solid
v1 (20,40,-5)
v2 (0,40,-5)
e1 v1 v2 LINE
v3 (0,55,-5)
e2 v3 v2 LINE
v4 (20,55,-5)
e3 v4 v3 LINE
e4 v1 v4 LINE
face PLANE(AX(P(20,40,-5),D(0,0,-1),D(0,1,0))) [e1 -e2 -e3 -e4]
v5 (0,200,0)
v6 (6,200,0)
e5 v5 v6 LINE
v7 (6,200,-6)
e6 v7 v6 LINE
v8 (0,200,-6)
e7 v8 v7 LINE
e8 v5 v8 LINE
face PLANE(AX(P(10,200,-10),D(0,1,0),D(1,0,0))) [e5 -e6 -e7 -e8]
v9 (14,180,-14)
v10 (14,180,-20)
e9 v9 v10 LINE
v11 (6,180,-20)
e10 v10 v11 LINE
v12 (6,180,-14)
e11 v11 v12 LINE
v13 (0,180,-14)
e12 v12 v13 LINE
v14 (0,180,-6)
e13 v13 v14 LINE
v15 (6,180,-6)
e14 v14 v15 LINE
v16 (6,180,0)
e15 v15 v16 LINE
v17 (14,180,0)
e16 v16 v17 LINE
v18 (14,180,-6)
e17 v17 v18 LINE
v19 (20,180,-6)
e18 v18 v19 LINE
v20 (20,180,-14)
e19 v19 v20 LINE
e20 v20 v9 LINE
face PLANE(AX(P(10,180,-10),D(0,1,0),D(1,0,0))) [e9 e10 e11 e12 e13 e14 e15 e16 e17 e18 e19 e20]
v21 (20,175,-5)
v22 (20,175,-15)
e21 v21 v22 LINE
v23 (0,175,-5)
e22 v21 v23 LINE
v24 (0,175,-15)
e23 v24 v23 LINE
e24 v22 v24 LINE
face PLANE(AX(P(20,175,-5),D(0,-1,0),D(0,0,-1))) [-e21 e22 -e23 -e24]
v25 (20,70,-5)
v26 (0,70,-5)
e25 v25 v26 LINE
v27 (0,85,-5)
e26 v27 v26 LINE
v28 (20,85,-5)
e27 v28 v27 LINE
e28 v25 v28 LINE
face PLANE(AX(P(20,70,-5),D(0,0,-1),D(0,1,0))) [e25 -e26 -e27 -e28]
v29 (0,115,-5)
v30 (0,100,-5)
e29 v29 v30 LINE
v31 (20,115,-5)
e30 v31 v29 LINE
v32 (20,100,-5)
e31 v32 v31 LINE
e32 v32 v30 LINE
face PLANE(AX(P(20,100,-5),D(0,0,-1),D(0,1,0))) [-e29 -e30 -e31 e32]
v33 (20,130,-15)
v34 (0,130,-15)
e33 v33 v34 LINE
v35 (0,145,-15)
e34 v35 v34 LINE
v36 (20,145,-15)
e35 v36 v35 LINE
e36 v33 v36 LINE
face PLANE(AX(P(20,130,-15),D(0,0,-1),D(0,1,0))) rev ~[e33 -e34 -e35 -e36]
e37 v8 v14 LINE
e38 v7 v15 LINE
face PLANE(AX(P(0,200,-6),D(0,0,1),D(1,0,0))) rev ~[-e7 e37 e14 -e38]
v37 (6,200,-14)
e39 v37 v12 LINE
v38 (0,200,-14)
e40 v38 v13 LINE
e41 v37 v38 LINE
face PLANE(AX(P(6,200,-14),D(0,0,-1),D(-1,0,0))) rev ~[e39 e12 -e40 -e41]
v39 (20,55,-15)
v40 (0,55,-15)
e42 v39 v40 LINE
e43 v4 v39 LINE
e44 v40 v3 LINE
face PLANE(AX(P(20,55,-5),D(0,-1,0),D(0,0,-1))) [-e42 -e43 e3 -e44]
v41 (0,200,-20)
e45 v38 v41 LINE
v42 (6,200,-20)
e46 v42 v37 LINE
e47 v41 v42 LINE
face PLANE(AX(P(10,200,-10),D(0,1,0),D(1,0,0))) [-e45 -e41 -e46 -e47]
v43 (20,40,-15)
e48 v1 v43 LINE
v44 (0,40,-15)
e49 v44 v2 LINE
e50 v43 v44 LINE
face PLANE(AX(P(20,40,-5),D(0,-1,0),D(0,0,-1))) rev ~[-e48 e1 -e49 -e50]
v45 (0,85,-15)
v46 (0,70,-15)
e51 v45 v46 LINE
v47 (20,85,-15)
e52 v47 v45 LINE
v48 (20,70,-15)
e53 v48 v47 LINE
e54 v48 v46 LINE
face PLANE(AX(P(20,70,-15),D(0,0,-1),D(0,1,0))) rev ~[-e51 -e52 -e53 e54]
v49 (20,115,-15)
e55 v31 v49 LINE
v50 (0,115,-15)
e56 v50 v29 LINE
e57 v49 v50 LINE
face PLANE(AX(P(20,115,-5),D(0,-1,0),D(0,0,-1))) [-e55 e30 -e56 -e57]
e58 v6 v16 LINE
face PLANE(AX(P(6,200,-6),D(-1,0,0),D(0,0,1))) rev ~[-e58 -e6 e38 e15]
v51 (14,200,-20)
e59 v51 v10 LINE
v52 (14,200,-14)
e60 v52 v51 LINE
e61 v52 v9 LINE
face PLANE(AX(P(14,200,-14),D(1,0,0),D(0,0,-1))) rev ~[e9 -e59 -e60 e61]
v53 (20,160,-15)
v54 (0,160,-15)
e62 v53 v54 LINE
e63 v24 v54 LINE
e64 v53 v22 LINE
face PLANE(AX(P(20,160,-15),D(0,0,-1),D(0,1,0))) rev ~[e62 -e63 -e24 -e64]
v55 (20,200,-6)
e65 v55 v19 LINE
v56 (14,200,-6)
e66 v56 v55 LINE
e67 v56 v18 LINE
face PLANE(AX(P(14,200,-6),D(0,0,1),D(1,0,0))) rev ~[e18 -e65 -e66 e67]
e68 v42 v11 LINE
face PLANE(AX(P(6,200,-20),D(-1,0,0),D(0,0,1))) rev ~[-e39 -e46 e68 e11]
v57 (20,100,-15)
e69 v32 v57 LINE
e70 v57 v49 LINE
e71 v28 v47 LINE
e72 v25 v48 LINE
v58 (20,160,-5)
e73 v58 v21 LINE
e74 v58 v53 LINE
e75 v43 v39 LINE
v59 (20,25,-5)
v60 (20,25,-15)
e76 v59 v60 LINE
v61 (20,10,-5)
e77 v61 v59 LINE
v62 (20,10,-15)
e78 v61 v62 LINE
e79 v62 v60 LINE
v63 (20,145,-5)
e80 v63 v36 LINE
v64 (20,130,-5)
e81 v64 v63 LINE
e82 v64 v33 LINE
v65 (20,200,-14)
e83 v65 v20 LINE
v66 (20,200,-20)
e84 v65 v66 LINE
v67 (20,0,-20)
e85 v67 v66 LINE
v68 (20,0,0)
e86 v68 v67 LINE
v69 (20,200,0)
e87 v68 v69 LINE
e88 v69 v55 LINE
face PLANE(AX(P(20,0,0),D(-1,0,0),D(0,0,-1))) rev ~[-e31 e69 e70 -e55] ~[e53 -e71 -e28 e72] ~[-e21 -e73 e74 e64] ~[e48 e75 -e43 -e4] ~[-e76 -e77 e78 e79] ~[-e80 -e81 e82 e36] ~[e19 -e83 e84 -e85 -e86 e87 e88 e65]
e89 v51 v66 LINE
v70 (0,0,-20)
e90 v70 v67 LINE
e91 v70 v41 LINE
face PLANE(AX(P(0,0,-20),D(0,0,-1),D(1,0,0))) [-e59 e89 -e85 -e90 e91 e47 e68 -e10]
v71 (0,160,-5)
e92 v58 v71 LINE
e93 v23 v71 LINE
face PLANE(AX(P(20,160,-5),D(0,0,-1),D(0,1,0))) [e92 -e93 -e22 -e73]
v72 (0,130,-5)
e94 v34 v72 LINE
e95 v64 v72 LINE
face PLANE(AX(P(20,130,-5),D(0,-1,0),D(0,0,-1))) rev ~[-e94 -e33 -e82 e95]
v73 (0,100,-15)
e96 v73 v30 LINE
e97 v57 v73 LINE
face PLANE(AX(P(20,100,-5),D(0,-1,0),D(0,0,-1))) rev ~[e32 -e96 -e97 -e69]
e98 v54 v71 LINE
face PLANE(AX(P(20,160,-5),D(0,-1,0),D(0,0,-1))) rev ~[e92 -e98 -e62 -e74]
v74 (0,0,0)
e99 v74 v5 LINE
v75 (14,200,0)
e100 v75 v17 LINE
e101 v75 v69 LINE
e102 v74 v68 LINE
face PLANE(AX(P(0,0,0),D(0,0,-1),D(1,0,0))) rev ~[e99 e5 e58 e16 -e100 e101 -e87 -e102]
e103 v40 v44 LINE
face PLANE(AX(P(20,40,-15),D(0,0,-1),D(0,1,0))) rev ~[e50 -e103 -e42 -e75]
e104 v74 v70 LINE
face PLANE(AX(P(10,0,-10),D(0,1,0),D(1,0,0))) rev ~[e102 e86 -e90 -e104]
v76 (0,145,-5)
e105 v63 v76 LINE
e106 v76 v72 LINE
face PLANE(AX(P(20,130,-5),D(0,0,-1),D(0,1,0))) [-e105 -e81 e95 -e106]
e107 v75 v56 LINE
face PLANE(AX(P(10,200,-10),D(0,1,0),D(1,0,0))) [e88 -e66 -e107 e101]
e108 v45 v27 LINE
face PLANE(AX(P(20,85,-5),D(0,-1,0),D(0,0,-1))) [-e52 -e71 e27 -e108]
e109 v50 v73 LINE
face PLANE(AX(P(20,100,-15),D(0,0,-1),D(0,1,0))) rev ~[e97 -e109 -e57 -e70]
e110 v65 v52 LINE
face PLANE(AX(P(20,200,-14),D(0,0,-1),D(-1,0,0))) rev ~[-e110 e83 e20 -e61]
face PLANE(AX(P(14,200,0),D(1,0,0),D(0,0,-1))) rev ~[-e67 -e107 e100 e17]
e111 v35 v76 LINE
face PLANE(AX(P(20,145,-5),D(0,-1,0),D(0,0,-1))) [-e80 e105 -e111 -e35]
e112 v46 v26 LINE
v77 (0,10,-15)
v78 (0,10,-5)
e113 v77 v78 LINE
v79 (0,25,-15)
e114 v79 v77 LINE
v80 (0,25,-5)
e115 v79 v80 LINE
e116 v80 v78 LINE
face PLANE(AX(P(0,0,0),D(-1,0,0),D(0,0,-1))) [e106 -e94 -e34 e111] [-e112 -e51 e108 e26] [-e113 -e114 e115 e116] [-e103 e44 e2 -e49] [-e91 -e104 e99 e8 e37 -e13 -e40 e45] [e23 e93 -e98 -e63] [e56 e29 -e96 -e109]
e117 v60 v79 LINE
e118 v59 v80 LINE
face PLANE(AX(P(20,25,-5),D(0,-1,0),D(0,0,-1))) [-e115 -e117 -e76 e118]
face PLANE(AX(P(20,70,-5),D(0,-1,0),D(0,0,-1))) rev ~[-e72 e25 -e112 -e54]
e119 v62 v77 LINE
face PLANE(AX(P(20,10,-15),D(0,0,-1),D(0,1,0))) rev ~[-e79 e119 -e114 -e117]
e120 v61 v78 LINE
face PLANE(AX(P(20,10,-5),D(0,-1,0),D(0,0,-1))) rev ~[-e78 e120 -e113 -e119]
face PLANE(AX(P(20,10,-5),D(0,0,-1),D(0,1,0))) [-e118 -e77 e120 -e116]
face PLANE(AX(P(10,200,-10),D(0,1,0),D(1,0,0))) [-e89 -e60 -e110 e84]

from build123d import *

# Parameters (mm, degrees)
SKETCH4_W           = 20
SKETCH4_H           = 20
BOSS_EXTRUDE2_DEPTH = 200
CUT_EXTRUDE3_DEPTH  = 20
SKETCH6_W           = 10
SKETCH6_H           = 15
CUT_EXTRUDE5_DEPTH  = 21


with BuildPart() as part:
    # Sketch4 → Boss-Extrude2 (new body)
    with BuildSketch(Plane(origin=(0, 0, 0), x_dir=(1, 0, 0), z_dir=(0, 1, 0))):
        with Locations((10, 10)):
            Rectangle(SKETCH4_W, SKETCH4_H)
    extrude(amount=BOSS_EXTRUDE2_DEPTH)

    # Sketch5 → Cut-Extrude3 (cut)
    with BuildSketch(Plane(origin=(0, 200, 0), x_dir=(1, 0, 0), z_dir=(0, 1, 0))):
        Polygon((14, 20), (6, 20), (6, 14), (0, 14), (0, 6), (6, 6), (6, 0), (14, 0), (14, 6), (20, 6), (20, 14), (14, 14), align=None)
    extrude(amount=-CUT_EXTRUDE3_DEPTH, mode=Mode.SUBTRACT)

    # Sketch6 → Cut-Extrude5 (cut, through all)
    with BuildSketch(Plane(origin=(20, 0, 0), x_dir=(0, 0, -1), z_dir=(1, 0, 0))):
        with Locations((10, 17.5)):
            Rectangle(SKETCH6_W, SKETCH6_H)
        with Locations((10, 47.5)):
            Rectangle(SKETCH6_W, SKETCH6_H)
        with Locations((10, 77.5)):
            Rectangle(SKETCH6_W, SKETCH6_H)
        with Locations((10, 107.5)):
            Rectangle(SKETCH6_W, SKETCH6_H)
        with Locations((10, 137.5)):
            Rectangle(SKETCH6_W, SKETCH6_H)
        with Locations((10, 167.5)):
            Rectangle(SKETCH6_W, SKETCH6_H)
    extrude(amount=-CUT_EXTRUDE5_DEPTH, mode=Mode.SUBTRACT)


solid = part.part
